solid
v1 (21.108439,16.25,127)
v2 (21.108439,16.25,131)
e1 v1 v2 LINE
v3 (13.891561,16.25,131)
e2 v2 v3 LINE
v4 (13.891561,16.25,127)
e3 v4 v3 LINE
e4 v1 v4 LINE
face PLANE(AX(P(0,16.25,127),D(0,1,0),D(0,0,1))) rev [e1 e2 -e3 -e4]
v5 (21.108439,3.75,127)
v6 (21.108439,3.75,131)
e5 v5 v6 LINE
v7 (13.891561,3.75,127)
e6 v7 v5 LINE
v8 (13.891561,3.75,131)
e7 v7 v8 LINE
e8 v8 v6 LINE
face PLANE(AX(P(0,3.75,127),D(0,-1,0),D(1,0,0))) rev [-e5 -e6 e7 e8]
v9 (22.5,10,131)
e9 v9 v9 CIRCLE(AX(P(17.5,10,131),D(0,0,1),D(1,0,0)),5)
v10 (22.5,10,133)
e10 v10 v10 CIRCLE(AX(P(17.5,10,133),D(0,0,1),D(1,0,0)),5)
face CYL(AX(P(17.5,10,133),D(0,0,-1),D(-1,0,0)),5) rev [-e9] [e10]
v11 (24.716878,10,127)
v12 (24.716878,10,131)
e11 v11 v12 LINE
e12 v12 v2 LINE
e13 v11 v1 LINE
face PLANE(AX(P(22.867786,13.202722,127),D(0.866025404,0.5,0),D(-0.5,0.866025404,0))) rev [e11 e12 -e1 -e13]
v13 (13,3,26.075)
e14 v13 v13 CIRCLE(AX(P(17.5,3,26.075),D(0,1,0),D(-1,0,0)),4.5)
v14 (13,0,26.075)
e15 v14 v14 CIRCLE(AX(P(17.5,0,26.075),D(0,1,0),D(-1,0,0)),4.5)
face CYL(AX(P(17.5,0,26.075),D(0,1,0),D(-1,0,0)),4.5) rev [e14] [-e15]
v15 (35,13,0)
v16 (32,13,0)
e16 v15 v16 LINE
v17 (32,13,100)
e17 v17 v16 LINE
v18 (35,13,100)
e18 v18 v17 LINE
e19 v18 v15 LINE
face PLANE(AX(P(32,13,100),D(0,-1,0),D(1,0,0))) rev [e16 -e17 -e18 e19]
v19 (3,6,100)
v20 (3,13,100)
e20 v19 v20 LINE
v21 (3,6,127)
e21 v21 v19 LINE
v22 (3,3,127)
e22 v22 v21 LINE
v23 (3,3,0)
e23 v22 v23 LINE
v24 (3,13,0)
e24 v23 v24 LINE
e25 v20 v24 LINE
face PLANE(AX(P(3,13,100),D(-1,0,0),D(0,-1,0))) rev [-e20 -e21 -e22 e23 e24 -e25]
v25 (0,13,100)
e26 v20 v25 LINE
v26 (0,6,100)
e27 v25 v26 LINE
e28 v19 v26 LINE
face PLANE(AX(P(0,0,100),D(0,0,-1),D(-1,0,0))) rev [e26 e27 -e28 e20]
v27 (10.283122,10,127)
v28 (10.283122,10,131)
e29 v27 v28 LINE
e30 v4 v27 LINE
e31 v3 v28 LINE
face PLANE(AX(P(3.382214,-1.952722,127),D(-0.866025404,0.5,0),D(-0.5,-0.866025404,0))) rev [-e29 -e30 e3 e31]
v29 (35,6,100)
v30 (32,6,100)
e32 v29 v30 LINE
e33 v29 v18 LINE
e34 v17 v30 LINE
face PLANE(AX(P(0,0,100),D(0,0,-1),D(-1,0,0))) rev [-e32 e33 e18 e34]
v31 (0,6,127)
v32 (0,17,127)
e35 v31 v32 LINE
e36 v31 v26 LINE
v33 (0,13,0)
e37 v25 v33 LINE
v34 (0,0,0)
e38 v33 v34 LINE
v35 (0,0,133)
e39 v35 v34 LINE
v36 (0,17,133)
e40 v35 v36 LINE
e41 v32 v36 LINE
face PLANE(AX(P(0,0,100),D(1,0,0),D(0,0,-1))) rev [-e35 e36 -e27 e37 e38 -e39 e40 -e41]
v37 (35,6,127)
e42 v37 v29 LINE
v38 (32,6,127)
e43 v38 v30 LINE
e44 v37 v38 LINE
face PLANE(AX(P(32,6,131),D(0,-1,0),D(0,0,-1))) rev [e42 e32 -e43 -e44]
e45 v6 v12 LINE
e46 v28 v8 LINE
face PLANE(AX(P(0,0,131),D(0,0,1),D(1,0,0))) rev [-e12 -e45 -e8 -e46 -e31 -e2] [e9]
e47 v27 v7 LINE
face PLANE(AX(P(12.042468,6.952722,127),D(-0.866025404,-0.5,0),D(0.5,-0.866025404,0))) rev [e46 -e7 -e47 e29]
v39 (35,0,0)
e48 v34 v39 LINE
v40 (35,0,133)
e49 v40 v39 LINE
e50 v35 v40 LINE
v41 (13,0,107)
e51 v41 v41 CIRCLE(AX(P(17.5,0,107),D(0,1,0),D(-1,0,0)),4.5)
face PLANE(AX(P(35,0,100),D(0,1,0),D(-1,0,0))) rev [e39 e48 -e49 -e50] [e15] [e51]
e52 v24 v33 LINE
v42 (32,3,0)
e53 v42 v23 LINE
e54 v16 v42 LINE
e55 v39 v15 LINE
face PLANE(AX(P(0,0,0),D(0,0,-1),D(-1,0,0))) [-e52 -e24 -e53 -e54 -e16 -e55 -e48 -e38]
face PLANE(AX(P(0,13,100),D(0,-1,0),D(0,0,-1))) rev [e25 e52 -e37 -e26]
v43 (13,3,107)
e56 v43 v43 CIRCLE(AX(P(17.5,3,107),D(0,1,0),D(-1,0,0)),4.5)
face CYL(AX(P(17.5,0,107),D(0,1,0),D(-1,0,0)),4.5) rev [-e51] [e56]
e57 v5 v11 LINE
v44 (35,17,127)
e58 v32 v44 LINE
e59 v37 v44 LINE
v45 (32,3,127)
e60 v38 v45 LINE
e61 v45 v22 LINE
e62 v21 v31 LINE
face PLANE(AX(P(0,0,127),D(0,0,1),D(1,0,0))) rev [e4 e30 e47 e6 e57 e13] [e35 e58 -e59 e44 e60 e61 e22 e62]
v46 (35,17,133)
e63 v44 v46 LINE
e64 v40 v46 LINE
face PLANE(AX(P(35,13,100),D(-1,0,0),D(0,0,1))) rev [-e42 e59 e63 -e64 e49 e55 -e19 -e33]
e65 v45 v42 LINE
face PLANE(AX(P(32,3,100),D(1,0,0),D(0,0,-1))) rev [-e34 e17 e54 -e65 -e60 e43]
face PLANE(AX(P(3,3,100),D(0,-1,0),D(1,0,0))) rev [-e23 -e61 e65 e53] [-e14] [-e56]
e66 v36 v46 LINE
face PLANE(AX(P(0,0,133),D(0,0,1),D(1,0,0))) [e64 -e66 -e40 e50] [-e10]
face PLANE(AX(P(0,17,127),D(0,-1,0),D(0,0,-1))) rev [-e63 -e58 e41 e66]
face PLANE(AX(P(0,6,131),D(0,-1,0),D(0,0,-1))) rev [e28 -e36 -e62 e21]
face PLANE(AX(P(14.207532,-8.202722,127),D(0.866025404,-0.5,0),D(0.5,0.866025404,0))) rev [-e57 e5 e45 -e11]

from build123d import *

# Parameters (mm, degrees)
BOSS_EXTRUDE1_DEPTH = 100
BOSS_EXTRUDE2_DEPTH = 31
SKETCH3_W           = 35
SKETCH3_H           = 17
BOSS_EXTRUDE3_DEPTH = 4
SKETCH4_R           = 4.5
CUT_EXTRUDE1_DEPTH  = 137.315809795
SKETCH3_4_W         = 35
SKETCH3_4_H         = 17
SKETCH3_4_R         = 5
BOSS_EXTRUDE4_DEPTH = 2


with BuildPart() as part:
    # Sketch1 → Boss-Extrude1 (new body)
    with BuildSketch(Plane.XY):
        Polygon((0, 0), (0, 13), (3, 13), (3, 3), (32, 3), (32, 13), (35, 13), (35, 0), align=None)
    extrude(amount=BOSS_EXTRUDE1_DEPTH)

    # Sketch2 → Boss-Extrude2 (add)
    with BuildSketch(Plane.XY.offset(100)):
        Polygon((3, 6), (3, 3), (32, 3), (32, 6), (35, 6), (35, 0), (0, 0), (0, 6), align=None)
    extrude(amount=BOSS_EXTRUDE2_DEPTH)

    # Sketch3 → Boss-Extrude3 (add)
    with BuildSketch(Plane.XY.offset(131)):
        with Locations((17.5, 8.5)):
            Rectangle(SKETCH3_W, SKETCH3_H)
        Polygon((13.891560818, 16.25), (21.108439182, 16.25), (24.716878365, 10), (21.108439182, 3.75), (13.891560818, 3.75), (10.283121635, 10), align=None, mode=Mode.SUBTRACT)
    extrude(amount=-BOSS_EXTRUDE3_DEPTH)

    # Sketch4 → Cut-Extrude1 (cut, through all)
    with BuildSketch(Plane(origin=(0, 3, 0), x_dir=(1, 0, 0), z_dir=(0, 1, 0))):
        with Locations((17.5, -107)):
            Circle(SKETCH4_R)
        with Locations((17.5, -26.075)):
            Circle(SKETCH4_R)
    extrude(amount=-CUT_EXTRUDE1_DEPTH, mode=Mode.SUBTRACT)

    # Sketch3<4> → Boss-Extrude4 (add)
    with BuildSketch(Plane.XY.offset(131)):
        with Locations((17.5, 8.5)):
            Rectangle(SKETCH3_4_W, SKETCH3_4_H)
        with Locations((17.5, 10)):
            Circle(SKETCH3_4_R, mode=Mode.SUBTRACT)
    extrude(amount=BOSS_EXTRUDE4_DEPTH)


solid = part.part
